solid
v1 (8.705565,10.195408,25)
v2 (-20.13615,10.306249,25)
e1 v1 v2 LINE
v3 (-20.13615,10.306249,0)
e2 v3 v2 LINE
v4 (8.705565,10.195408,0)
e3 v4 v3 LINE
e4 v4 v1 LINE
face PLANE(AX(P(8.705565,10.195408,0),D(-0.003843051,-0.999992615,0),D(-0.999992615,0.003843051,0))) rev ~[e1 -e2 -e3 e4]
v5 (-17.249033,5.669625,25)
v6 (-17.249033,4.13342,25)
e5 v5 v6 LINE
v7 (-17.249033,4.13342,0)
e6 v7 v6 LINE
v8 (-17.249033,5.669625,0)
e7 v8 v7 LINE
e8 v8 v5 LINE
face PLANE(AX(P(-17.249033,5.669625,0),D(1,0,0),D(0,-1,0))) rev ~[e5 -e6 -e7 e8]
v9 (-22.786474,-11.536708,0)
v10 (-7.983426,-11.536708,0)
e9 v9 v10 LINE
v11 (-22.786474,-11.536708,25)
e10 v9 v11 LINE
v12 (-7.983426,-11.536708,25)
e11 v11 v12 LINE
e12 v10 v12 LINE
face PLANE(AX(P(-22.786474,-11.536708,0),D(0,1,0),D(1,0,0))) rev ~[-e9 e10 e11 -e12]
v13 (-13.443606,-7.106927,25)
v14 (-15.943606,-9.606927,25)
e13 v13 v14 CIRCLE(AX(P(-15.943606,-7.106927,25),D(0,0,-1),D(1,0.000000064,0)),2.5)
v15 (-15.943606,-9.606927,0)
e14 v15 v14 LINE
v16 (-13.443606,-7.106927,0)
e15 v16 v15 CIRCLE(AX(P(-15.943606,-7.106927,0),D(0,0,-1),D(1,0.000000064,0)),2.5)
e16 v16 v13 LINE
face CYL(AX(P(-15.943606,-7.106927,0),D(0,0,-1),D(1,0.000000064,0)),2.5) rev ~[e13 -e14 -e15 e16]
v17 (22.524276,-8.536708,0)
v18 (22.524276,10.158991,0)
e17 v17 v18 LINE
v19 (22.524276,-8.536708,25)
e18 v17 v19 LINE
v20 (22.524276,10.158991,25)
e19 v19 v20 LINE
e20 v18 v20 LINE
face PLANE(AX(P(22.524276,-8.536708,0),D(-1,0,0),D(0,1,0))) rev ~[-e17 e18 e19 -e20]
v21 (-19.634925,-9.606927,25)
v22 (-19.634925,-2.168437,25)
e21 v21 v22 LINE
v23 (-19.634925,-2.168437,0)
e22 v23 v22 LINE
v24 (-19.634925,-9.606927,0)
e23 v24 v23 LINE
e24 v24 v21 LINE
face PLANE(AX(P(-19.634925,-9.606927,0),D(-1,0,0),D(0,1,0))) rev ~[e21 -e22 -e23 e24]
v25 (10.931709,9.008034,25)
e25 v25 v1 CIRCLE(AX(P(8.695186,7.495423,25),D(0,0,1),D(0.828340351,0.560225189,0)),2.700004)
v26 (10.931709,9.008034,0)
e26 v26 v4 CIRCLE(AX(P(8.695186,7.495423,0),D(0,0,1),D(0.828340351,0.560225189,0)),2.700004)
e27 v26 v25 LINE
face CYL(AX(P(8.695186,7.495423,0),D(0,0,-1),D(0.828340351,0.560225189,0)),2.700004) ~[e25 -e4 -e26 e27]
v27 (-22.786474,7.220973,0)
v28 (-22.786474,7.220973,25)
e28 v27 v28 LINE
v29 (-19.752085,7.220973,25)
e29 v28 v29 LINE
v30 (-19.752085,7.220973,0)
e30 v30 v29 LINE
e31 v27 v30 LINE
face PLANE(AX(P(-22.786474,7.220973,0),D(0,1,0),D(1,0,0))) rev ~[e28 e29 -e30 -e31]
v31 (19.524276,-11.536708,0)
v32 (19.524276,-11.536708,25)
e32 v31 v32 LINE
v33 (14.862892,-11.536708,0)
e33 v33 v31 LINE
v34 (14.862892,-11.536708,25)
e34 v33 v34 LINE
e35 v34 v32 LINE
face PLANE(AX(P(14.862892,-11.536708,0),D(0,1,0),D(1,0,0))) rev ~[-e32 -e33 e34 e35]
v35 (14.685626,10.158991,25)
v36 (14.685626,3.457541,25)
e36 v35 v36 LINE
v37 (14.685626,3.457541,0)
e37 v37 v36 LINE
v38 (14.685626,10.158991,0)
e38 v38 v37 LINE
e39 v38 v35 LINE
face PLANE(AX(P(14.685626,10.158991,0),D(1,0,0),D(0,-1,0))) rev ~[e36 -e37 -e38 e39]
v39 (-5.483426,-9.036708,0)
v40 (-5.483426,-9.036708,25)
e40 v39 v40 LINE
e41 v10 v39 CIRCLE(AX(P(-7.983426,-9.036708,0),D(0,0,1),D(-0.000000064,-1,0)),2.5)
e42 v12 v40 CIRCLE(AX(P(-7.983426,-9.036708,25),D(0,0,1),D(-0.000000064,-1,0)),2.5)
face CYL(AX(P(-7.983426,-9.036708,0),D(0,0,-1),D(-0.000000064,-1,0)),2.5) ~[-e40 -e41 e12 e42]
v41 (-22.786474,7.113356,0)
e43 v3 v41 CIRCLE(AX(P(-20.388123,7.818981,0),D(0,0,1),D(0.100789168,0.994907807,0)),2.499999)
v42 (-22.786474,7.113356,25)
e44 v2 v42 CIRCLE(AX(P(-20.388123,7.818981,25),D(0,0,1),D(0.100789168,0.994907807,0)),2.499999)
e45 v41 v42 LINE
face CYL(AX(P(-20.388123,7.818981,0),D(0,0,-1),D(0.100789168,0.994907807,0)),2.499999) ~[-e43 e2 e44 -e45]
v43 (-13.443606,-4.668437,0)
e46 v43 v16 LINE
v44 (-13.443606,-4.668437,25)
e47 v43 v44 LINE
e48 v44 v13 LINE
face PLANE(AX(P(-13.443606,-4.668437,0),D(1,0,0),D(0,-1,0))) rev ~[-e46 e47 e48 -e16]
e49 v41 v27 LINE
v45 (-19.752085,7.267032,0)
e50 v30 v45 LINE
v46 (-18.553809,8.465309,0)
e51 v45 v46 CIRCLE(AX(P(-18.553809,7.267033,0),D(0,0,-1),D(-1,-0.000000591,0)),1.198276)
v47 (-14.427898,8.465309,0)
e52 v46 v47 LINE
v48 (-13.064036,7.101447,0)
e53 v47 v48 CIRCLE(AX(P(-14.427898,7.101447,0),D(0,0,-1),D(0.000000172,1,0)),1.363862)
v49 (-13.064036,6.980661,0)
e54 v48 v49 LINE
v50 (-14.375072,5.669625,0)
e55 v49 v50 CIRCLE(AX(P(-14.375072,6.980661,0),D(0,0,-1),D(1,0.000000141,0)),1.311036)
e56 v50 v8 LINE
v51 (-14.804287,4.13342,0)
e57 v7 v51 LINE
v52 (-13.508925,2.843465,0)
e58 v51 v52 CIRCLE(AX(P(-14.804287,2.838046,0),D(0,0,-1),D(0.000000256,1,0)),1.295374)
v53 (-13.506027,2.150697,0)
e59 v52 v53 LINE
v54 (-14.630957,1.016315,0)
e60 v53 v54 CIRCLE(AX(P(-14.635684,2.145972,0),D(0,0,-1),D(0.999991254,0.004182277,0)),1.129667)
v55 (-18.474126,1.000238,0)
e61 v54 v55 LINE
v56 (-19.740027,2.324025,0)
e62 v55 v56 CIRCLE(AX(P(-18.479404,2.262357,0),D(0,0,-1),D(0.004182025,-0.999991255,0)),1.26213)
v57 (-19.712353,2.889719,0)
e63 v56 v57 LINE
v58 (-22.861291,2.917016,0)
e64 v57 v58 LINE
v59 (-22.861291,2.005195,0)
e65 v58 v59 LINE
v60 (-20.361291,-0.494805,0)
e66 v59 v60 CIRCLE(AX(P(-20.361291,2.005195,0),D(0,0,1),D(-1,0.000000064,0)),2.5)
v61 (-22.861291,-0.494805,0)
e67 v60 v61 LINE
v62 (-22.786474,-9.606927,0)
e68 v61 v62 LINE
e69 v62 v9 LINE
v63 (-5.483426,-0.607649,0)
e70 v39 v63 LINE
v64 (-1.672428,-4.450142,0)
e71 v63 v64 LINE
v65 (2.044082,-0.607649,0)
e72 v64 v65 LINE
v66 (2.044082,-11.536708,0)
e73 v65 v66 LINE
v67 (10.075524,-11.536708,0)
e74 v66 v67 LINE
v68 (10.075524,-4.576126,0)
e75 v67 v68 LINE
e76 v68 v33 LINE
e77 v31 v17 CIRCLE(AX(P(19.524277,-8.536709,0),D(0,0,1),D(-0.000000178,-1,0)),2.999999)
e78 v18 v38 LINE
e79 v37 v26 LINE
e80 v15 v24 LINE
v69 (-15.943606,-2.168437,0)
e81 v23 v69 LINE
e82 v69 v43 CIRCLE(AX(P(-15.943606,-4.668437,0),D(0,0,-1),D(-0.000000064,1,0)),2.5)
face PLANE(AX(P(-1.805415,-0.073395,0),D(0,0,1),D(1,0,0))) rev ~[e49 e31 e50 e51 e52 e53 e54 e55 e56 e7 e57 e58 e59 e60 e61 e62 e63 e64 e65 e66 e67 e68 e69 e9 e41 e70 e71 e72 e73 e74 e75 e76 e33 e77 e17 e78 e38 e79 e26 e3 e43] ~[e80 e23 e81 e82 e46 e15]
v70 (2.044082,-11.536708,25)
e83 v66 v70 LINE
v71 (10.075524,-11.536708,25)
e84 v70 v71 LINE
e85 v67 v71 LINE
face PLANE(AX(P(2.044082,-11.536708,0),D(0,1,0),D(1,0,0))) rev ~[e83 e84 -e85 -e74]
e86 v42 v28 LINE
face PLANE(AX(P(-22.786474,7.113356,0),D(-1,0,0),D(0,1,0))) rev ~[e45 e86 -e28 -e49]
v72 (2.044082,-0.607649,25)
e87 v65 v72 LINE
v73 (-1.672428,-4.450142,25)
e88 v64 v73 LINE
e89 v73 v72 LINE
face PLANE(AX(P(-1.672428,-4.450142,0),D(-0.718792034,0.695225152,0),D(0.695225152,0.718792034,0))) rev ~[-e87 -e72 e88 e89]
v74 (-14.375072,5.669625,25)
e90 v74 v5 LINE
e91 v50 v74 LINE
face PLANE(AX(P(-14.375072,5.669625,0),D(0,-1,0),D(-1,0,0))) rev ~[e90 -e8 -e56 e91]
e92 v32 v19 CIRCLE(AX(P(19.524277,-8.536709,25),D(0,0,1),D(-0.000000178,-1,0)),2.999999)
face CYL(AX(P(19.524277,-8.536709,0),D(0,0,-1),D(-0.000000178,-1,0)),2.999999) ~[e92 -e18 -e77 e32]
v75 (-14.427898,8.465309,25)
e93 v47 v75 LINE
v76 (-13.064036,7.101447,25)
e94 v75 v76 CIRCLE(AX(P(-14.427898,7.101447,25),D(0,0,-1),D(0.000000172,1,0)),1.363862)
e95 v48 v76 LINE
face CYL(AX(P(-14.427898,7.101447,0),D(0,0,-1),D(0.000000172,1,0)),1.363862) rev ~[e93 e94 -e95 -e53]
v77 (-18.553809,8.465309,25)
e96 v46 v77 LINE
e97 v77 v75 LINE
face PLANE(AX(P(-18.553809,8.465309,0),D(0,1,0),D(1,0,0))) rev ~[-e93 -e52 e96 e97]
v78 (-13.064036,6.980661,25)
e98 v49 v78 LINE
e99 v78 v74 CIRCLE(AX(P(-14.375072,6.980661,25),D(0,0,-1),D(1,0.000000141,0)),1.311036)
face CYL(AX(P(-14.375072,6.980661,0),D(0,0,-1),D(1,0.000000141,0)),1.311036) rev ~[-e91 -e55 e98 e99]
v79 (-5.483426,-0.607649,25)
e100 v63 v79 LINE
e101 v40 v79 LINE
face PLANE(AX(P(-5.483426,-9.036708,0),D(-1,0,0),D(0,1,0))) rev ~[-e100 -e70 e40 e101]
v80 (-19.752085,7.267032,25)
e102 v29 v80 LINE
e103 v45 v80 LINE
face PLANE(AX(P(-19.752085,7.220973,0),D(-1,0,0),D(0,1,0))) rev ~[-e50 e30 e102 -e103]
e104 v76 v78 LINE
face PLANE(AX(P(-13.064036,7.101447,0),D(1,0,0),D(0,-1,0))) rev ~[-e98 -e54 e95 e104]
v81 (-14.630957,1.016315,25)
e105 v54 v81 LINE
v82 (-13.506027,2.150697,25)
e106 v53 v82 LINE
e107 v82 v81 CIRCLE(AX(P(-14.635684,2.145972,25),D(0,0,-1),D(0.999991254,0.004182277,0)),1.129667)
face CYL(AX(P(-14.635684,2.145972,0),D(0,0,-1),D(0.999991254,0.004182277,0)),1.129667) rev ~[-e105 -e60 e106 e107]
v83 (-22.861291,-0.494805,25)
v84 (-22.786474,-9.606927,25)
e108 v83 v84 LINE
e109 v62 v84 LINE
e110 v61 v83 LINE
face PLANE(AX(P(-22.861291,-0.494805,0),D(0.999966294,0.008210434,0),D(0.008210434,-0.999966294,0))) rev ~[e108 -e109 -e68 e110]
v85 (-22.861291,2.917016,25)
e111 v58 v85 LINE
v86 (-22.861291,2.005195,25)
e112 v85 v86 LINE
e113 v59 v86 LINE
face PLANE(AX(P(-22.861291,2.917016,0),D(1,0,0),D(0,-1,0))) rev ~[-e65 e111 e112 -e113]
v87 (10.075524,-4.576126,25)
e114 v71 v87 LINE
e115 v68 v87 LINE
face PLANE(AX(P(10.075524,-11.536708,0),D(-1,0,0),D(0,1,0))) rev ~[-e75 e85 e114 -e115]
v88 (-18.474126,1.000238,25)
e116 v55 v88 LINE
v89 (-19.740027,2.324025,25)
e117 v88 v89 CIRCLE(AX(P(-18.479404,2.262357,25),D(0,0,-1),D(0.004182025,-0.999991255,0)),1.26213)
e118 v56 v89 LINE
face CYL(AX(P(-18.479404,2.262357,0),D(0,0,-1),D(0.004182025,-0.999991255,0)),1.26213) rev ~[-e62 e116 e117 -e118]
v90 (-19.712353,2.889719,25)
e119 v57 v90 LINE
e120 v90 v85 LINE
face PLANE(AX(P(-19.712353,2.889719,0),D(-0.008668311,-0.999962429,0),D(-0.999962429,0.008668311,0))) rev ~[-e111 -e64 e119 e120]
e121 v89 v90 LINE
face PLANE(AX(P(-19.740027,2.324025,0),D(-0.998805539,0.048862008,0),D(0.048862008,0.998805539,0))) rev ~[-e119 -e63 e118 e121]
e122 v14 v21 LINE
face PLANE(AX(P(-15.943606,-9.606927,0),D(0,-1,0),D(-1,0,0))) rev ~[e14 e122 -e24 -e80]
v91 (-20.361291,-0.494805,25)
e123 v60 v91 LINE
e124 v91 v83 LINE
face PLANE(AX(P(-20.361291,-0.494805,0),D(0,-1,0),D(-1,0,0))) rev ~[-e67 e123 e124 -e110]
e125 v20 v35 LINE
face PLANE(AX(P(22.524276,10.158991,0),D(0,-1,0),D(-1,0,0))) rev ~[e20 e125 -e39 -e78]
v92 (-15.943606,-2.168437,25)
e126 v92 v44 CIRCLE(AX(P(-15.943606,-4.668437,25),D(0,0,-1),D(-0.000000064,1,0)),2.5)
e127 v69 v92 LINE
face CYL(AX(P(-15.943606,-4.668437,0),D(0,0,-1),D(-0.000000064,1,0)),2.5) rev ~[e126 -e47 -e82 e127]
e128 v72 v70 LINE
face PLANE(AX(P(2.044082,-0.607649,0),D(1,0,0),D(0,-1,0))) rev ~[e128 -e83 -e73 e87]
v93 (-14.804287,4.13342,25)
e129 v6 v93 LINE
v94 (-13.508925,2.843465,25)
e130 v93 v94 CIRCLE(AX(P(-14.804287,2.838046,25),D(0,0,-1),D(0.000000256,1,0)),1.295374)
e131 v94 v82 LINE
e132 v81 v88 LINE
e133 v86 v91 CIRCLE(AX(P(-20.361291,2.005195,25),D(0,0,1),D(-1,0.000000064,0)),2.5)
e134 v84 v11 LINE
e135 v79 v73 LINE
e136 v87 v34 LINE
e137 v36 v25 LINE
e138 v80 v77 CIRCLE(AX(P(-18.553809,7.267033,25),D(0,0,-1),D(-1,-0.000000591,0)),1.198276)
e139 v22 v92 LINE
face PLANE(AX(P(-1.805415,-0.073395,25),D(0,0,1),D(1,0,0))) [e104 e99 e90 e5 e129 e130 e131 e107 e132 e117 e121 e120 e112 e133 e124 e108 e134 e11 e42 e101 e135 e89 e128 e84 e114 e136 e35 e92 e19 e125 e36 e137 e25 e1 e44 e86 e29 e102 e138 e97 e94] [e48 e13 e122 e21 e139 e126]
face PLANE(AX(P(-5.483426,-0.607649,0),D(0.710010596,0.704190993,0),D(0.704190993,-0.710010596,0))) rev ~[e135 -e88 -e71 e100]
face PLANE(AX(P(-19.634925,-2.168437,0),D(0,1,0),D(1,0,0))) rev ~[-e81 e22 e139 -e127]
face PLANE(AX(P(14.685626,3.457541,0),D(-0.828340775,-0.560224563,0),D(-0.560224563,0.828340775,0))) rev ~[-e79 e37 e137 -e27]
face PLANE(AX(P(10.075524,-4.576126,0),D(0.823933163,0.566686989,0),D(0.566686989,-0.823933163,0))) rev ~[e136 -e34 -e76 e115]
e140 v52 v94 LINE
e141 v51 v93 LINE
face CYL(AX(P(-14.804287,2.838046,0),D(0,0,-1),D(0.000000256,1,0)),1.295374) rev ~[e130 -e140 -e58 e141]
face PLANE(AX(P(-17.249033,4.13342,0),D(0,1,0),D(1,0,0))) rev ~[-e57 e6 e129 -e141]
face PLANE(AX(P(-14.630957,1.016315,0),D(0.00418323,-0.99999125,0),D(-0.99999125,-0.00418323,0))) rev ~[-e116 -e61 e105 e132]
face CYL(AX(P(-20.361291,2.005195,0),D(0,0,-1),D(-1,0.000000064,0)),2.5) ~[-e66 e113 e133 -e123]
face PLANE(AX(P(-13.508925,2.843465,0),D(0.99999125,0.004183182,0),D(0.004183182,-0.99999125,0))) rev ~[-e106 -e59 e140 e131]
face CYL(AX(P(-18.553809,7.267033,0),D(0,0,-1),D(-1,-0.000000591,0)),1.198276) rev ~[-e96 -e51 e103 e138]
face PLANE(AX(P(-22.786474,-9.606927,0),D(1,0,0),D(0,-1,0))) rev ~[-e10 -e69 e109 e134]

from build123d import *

# Parameters (mm, degrees)
F1_DEPTH = 25


with BuildPart() as f1:
    # F0 (on Top) → F1 (new body)
    with BuildSketch(Plane.XY):
        with BuildLine():
            Line((-22.786474, -11.536708), (-7.983426, -11.536708))
            ThreePointArc((-7.983426, -11.536708), (-6.215659, -10.804475), (-5.483426, -9.036708))
            Line((-5.483426, -9.036708), (-5.483426, -0.607649))
            Line((-5.483426, -0.607649), (-1.672428, -4.450142))
            Line((-1.672428, -4.450142), (2.044082, -0.607649))
            Line((2.044082, -0.607649), (2.044082, -11.536708))
            Line((2.044082, -11.536708), (10.075524, -11.536708))
            Line((10.075524, -11.536708), (10.075524, -4.576126))
            Line((10.075524, -4.576126), (14.862892, -11.536708))
            Line((14.862892, -11.536708), (19.524276, -11.536708))
            ThreePointArc((19.524276, -11.536708), (21.645597, -10.658028), (22.524276, -8.536708))
            Line((22.524276, -8.536708), (22.524276, 10.158991))
            Line((22.524276, 10.158991), (14.685626, 10.158991))
            Line((14.685626, 10.158991), (14.685626, 3.457541))
            Line((14.685626, 3.457541), (10.931709, 9.008034))
            ThreePointArc((10.931709, 9.008034), (9.965858, 9.877737), (8.705565, 10.195408))
            Line((8.705565, 10.195408), (-20.13615, 10.306249))
            ThreePointArc((-20.13615, 10.306249), (-22.311759, 9.415733), (-22.786474, 7.113356))
            Line((-22.786474, 7.113356), (-22.786474, 7.220973))
            Line((-22.786474, 7.220973), (-19.752085, 7.220973))
            Line((-19.752085, 7.220973), (-19.752085, 7.267032))
            ThreePointArc((-19.752085, 7.267032), (-19.401118, 8.114342), (-18.553809, 8.465309))
            Line((-18.553809, 8.465309), (-14.427898, 8.465309))
            ThreePointArc((-14.427898, 8.465309), (-13.463502, 8.065843), (-13.064036, 7.101447))
            Line((-13.064036, 7.101447), (-13.064036, 6.980661))
            ThreePointArc((-13.064036, 6.980661), (-13.44803, 6.053618), (-14.375072, 5.669625))
            Line((-14.375072, 5.669625), (-17.249033, 5.669625))
            Line((-17.249033, 5.669625), (-17.249033, 4.13342))
            Line((-17.249033, 4.13342), (-14.804287, 4.13342))
            ThreePointArc((-14.804287, 4.13342), (-13.890238, 3.755928), (-13.508925, 2.843465))
            Line((-13.508925, 2.843465), (-13.506027, 2.150697))
            ThreePointArc((-13.506027, 2.150697), (-13.833554, 1.350526), (-14.630957, 1.016315))
            Line((-14.630957, 1.016315), (-18.474126, 1.000238))
            ThreePointArc((-18.474126, 1.000238), (-19.391586, 1.390063), (-19.740027, 2.324025))
            Line((-19.740027, 2.324025), (-19.712353, 2.889719))
            Line((-19.712353, 2.889719), (-22.861291, 2.917016))
            Line((-22.861291, 2.917016), (-22.861291, 2.005195))
            ThreePointArc((-22.861291, 2.005195), (-22.129058, 0.237428), (-20.361291, -0.494805))
            Line((-20.361291, -0.494805), (-22.861291, -0.494805))
            Line((-22.861291, -0.494805), (-22.786474, -9.606927))
            Line((-22.786474, -9.606927), (-22.786474, -11.536708))
        make_face()
        with BuildLine():
            Line((-19.634925, -9.606927), (-19.634925, -2.168437))
            Line((-19.634925, -2.168437), (-15.943606, -2.168437))
            ThreePointArc((-15.943606, -2.168437), (-14.175839, -2.90067), (-13.443606, -4.668437))
            Line((-13.443606, -4.668437), (-13.443606, -7.106927))
            ThreePointArc((-13.443606, -7.106927), (-14.175839, -8.874694), (-15.943606, -9.606927))
            Line((-15.943606, -9.606927), (-19.634925, -9.606927))
        make_face(mode=Mode.SUBTRACT)
    extrude(amount=F1_DEPTH)


solid = f1.part
